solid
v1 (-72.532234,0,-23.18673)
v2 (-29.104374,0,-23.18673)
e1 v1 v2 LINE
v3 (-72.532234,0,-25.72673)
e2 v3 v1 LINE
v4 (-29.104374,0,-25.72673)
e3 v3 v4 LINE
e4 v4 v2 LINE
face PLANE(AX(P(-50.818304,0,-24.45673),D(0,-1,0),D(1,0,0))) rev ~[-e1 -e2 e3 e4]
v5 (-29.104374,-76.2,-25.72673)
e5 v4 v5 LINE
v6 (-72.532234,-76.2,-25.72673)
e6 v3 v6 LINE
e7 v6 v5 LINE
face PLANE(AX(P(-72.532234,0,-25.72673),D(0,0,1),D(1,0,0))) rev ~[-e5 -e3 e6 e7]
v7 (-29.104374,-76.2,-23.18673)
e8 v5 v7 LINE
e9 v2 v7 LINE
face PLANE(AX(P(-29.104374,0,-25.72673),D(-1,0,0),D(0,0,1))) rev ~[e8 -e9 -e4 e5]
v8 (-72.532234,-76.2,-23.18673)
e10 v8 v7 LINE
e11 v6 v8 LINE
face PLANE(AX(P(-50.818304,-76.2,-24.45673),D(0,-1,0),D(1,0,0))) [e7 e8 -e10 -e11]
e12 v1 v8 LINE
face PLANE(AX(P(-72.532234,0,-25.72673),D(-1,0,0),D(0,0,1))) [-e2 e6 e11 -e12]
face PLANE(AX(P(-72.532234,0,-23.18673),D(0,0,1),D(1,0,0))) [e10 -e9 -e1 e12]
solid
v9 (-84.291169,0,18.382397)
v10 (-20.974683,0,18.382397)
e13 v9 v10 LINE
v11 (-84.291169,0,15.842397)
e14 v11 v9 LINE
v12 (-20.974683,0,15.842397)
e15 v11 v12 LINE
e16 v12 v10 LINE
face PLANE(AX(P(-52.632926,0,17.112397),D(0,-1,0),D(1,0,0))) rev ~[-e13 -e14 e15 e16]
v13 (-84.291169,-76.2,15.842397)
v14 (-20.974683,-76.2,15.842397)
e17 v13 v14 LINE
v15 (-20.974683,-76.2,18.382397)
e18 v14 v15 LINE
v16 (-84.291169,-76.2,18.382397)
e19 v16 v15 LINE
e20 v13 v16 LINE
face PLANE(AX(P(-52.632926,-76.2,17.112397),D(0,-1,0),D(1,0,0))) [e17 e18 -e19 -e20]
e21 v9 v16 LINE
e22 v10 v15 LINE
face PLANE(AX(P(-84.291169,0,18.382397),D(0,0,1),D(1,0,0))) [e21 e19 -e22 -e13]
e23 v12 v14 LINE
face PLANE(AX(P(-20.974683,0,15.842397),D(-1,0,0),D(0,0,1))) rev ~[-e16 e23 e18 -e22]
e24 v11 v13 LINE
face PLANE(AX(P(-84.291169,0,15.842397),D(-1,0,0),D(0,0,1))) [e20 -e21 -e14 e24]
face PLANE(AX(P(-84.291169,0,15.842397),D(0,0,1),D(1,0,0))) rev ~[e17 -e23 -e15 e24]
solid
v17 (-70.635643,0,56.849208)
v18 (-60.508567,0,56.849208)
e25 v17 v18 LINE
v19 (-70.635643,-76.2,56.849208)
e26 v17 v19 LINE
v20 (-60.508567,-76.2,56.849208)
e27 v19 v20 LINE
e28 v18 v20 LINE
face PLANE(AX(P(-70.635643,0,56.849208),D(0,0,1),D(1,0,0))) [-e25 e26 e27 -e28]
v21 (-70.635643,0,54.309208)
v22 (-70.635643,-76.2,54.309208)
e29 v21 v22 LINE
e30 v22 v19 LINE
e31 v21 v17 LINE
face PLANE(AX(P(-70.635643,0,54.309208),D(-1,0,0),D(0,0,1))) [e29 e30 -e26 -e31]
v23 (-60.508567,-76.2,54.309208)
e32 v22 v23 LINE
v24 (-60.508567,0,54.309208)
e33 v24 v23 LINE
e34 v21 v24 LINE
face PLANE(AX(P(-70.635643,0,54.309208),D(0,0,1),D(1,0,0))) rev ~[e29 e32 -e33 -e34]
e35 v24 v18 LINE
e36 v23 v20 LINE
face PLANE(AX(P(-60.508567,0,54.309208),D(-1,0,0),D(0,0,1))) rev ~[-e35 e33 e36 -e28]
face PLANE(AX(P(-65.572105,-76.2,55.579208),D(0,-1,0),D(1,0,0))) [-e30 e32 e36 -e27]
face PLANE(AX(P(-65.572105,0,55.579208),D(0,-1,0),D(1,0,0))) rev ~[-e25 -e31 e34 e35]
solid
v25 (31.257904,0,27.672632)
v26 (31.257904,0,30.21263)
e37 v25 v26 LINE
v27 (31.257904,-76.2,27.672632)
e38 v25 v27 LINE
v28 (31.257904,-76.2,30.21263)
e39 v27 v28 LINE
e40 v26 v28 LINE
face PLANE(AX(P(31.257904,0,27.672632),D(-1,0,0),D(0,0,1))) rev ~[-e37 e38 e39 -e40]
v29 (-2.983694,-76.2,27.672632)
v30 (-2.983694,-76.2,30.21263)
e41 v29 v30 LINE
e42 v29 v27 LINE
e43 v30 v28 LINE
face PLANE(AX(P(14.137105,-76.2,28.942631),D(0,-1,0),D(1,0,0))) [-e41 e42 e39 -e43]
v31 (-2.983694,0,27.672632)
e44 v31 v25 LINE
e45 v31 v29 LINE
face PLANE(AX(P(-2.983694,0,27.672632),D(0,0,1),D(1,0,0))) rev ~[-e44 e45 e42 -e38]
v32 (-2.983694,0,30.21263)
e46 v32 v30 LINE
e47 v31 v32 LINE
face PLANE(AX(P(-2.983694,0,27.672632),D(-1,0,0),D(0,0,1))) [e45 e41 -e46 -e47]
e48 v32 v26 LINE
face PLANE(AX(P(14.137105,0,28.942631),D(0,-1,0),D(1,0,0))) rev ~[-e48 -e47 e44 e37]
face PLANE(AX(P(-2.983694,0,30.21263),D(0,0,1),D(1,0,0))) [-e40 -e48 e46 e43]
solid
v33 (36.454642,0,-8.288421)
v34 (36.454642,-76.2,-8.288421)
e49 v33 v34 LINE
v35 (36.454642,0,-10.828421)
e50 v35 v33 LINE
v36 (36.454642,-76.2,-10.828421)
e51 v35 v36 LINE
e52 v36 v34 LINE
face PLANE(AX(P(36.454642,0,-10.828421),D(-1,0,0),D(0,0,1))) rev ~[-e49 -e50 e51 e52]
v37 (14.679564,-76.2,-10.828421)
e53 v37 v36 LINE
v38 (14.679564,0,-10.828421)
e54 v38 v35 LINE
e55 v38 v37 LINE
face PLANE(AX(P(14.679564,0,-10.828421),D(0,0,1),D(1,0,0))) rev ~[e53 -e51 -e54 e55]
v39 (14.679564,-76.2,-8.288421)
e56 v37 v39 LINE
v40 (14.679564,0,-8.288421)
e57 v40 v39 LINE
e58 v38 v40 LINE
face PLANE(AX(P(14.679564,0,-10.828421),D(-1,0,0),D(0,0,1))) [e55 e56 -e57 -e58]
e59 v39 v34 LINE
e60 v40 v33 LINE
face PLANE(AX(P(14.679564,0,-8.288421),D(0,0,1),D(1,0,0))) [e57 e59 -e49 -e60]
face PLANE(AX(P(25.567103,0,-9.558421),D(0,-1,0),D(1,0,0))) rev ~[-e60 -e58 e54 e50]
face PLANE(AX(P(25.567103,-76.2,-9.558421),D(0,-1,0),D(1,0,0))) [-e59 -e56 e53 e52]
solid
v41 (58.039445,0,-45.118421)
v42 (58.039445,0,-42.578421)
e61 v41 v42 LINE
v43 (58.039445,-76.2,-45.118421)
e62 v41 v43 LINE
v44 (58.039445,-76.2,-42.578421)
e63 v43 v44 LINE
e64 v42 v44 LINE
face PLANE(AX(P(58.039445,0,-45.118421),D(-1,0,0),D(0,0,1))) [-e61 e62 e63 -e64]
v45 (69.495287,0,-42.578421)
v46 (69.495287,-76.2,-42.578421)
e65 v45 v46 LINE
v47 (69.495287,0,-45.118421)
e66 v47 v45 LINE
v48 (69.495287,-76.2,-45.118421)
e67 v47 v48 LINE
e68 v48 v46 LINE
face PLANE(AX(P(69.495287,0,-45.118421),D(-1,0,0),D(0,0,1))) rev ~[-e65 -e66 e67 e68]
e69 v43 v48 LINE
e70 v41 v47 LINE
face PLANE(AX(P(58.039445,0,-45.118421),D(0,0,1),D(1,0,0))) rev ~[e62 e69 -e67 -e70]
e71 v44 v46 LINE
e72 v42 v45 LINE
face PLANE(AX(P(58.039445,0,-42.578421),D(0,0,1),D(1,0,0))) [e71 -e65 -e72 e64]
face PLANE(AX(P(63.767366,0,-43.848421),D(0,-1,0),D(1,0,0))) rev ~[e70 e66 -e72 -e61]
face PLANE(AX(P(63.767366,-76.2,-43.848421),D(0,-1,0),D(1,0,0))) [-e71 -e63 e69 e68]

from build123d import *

# Parameters (mm, degrees)
F0_W     = 43.427859
F0_H     = 2.54
F0_W_2   = 63.316487
F0_W_3   = 34.241598
F0_H_2   = 2.539999
F0_W_4   = 11.455841
F0_W_5   = 21.775078
F0_W_6   = 10.127075
F1_DEPTH = 76.2


with BuildPart() as f1:
    # F0 (on Front) → F1 (new body)
    with BuildSketch(Plane.XZ):
        with Locations((-50.818304, -24.45673)):
            Rectangle(F0_W, F0_H)
        with Locations((-52.632926, 17.112397)):
            Rectangle(F0_W_2, F0_H)
        with Locations((14.137105, 28.942631)):
            Rectangle(F0_W_3, F0_H_2)
        with Locations((63.767366, -43.848421)):
            Rectangle(F0_W_4, F0_H)
        with Locations((25.567103, -9.558421)):
            Rectangle(F0_W_5, F0_H)
        with Locations((-65.572105, 55.579208)):
            Rectangle(F0_W_6, F0_H)
    extrude(amount=F1_DEPTH)


solid = f1.part
